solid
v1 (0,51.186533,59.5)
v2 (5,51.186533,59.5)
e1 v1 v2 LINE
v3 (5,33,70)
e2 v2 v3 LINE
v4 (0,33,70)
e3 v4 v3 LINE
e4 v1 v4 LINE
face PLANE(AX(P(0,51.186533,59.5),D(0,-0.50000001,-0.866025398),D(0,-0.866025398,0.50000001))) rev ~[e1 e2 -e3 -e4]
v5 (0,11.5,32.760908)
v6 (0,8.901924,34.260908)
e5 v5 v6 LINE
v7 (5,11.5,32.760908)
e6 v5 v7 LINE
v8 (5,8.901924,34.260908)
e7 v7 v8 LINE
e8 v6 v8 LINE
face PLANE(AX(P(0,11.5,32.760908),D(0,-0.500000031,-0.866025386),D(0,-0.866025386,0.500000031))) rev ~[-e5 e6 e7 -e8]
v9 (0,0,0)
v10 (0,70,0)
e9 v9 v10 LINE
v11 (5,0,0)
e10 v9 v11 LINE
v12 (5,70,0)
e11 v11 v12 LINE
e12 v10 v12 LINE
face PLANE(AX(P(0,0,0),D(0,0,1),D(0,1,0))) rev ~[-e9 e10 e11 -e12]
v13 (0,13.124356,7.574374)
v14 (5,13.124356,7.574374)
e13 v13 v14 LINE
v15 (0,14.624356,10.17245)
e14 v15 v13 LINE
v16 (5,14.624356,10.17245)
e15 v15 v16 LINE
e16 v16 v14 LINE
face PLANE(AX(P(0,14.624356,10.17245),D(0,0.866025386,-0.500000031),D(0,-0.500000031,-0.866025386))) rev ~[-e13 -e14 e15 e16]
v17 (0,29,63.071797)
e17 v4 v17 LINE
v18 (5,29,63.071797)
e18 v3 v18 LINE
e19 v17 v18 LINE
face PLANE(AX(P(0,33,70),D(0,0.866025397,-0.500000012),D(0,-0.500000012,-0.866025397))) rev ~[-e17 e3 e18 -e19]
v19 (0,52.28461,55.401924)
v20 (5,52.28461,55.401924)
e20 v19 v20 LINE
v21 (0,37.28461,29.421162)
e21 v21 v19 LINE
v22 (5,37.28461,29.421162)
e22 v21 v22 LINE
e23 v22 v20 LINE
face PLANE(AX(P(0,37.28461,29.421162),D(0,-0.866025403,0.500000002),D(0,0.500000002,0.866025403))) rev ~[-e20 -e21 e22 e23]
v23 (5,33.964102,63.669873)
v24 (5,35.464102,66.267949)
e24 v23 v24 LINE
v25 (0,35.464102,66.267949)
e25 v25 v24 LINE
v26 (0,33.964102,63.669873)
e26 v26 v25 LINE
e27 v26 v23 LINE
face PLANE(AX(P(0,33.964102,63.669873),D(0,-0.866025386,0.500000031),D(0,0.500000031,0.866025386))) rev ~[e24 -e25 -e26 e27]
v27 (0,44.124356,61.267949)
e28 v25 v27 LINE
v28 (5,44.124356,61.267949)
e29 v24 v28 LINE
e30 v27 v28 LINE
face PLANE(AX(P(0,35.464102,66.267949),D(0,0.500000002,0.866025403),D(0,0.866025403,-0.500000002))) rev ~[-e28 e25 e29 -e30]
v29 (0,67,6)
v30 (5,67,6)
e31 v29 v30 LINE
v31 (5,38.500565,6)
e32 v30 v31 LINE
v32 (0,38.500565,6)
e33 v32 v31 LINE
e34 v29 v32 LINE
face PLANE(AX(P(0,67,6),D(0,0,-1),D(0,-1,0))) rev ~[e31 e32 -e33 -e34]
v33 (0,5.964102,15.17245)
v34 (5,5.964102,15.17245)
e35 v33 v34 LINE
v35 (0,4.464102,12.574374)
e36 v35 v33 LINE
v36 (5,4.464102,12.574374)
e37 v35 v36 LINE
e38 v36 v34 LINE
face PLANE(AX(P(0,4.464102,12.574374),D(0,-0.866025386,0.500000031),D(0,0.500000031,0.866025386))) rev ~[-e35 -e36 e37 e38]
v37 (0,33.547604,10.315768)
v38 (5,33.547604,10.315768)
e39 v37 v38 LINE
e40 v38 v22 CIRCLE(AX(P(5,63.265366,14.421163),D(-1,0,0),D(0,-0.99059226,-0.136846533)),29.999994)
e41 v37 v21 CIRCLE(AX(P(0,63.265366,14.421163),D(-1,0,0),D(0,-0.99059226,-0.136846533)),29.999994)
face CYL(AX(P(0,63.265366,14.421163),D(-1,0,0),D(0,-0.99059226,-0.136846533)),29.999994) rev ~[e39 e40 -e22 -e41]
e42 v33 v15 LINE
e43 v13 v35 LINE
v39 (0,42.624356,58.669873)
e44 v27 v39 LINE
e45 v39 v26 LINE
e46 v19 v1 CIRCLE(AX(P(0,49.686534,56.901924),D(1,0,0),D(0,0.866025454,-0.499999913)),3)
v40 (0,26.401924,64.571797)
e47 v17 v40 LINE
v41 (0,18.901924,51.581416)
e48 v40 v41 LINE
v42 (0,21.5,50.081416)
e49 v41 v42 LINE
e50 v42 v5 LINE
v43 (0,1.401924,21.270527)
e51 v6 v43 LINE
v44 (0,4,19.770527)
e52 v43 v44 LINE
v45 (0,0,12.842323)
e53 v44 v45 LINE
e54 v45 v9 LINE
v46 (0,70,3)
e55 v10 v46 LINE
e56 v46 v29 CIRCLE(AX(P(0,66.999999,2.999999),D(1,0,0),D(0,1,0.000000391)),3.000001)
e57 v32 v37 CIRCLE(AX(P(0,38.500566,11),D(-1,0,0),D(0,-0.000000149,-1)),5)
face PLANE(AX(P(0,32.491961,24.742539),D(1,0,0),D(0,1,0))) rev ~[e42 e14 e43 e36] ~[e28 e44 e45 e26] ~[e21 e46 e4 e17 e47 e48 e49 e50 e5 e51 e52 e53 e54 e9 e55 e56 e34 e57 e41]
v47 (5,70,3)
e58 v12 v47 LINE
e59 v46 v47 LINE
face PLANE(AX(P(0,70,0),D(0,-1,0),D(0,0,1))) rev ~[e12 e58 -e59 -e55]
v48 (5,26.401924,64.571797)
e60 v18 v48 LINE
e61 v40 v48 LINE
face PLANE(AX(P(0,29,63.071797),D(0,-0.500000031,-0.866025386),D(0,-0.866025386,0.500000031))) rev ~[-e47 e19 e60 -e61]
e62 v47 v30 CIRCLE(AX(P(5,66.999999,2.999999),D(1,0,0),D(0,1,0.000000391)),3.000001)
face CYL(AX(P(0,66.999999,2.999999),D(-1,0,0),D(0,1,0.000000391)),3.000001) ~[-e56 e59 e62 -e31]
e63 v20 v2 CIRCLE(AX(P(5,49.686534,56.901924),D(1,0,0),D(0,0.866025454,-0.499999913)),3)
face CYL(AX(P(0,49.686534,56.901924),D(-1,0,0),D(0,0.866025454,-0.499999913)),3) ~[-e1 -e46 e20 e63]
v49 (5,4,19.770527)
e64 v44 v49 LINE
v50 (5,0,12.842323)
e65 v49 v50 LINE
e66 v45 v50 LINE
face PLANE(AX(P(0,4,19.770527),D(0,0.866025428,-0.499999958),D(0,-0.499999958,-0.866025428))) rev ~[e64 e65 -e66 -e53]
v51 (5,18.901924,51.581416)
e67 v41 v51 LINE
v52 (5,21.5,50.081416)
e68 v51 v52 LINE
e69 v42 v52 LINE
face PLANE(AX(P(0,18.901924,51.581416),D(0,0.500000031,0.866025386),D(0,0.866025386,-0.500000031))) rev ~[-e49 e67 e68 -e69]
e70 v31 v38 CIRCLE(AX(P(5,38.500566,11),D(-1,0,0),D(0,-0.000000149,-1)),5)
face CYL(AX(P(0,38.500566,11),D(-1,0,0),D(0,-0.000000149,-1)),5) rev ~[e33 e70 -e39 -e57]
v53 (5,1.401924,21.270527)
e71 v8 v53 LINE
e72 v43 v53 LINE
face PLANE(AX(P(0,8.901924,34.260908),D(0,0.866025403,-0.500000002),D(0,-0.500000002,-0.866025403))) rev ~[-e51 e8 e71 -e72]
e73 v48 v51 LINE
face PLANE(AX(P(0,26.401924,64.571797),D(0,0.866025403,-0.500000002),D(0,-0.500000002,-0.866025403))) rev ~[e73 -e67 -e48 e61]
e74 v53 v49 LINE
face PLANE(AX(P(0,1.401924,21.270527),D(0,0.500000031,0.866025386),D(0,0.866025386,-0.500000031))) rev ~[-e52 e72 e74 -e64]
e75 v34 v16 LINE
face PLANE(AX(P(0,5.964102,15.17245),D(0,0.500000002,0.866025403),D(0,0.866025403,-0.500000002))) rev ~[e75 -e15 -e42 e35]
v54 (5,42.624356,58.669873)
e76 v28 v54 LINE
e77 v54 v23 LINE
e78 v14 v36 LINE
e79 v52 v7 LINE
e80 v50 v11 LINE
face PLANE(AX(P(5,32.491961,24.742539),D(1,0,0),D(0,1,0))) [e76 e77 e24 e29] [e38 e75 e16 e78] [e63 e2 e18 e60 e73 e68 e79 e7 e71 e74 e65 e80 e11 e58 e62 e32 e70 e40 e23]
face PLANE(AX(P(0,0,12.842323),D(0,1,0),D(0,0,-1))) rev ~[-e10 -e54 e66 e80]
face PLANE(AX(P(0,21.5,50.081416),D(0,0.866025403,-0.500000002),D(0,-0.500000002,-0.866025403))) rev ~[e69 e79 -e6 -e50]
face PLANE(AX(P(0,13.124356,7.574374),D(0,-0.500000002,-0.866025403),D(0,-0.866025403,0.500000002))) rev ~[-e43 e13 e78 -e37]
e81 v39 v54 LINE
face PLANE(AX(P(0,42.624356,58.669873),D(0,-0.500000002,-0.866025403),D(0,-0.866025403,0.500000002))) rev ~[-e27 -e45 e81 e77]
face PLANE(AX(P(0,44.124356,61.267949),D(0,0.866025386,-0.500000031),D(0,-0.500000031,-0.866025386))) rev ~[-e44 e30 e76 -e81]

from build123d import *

# Parameters (mm, degrees)
F1_DEPTH = 5


with BuildPart() as f1:
    # F0 (on Right) → F1 (new body)
    with BuildSketch(Plane.YZ):
        with BuildLine():
            Line((4, 19.770527), (0, 12.842323))
            Line((0, 12.842323), (0, 0))
            Line((0, 0), (70, 0))
            Line((70, 0), (70, 3))
            ThreePointArc((70, 3), (69.12132, 5.12132), (67, 6))
            Line((67, 6), (38.500565, 6))
            ThreePointArc((38.500565, 6), (35.21584, 7.230308), (33.547604, 10.315768))
            ThreePointArc((33.547604, 10.315768), (33.8233, 20.180017), (37.28461, 29.421162))
            Line((37.28461, 29.421162), (52.28461, 55.401924))
            ThreePointArc((52.28461, 55.401924), (52.584311, 57.678381), (51.186533, 59.5))
            Line((51.186533, 59.5), (33, 70))
            Line((33, 70), (29, 63.071797))
            Line((29, 63.071797), (26.401924, 64.571797))
            Line((26.401924, 64.571797), (18.901924, 51.581416))
            Line((18.901924, 51.581416), (21.5, 50.081416))
            Line((21.5, 50.081416), (11.5, 32.760908))
            Line((11.5, 32.760908), (8.901924, 34.260908))
            Line((8.901924, 34.260908), (1.401924, 21.270527))
            Line((1.401924, 21.270527), (4, 19.770527))
        make_face()
        Polygon((4.464102, 12.574374), (5.964102, 15.17245), (14.624356, 10.17245), (13.124356, 7.574374), align=None, mode=Mode.SUBTRACT)
        Polygon((33.964102, 63.669873), (35.464102, 66.267949), (44.124356, 61.267949), (42.624356, 58.669873), align=None, mode=Mode.SUBTRACT)
    extrude(amount=F1_DEPTH)


solid = f1.part
